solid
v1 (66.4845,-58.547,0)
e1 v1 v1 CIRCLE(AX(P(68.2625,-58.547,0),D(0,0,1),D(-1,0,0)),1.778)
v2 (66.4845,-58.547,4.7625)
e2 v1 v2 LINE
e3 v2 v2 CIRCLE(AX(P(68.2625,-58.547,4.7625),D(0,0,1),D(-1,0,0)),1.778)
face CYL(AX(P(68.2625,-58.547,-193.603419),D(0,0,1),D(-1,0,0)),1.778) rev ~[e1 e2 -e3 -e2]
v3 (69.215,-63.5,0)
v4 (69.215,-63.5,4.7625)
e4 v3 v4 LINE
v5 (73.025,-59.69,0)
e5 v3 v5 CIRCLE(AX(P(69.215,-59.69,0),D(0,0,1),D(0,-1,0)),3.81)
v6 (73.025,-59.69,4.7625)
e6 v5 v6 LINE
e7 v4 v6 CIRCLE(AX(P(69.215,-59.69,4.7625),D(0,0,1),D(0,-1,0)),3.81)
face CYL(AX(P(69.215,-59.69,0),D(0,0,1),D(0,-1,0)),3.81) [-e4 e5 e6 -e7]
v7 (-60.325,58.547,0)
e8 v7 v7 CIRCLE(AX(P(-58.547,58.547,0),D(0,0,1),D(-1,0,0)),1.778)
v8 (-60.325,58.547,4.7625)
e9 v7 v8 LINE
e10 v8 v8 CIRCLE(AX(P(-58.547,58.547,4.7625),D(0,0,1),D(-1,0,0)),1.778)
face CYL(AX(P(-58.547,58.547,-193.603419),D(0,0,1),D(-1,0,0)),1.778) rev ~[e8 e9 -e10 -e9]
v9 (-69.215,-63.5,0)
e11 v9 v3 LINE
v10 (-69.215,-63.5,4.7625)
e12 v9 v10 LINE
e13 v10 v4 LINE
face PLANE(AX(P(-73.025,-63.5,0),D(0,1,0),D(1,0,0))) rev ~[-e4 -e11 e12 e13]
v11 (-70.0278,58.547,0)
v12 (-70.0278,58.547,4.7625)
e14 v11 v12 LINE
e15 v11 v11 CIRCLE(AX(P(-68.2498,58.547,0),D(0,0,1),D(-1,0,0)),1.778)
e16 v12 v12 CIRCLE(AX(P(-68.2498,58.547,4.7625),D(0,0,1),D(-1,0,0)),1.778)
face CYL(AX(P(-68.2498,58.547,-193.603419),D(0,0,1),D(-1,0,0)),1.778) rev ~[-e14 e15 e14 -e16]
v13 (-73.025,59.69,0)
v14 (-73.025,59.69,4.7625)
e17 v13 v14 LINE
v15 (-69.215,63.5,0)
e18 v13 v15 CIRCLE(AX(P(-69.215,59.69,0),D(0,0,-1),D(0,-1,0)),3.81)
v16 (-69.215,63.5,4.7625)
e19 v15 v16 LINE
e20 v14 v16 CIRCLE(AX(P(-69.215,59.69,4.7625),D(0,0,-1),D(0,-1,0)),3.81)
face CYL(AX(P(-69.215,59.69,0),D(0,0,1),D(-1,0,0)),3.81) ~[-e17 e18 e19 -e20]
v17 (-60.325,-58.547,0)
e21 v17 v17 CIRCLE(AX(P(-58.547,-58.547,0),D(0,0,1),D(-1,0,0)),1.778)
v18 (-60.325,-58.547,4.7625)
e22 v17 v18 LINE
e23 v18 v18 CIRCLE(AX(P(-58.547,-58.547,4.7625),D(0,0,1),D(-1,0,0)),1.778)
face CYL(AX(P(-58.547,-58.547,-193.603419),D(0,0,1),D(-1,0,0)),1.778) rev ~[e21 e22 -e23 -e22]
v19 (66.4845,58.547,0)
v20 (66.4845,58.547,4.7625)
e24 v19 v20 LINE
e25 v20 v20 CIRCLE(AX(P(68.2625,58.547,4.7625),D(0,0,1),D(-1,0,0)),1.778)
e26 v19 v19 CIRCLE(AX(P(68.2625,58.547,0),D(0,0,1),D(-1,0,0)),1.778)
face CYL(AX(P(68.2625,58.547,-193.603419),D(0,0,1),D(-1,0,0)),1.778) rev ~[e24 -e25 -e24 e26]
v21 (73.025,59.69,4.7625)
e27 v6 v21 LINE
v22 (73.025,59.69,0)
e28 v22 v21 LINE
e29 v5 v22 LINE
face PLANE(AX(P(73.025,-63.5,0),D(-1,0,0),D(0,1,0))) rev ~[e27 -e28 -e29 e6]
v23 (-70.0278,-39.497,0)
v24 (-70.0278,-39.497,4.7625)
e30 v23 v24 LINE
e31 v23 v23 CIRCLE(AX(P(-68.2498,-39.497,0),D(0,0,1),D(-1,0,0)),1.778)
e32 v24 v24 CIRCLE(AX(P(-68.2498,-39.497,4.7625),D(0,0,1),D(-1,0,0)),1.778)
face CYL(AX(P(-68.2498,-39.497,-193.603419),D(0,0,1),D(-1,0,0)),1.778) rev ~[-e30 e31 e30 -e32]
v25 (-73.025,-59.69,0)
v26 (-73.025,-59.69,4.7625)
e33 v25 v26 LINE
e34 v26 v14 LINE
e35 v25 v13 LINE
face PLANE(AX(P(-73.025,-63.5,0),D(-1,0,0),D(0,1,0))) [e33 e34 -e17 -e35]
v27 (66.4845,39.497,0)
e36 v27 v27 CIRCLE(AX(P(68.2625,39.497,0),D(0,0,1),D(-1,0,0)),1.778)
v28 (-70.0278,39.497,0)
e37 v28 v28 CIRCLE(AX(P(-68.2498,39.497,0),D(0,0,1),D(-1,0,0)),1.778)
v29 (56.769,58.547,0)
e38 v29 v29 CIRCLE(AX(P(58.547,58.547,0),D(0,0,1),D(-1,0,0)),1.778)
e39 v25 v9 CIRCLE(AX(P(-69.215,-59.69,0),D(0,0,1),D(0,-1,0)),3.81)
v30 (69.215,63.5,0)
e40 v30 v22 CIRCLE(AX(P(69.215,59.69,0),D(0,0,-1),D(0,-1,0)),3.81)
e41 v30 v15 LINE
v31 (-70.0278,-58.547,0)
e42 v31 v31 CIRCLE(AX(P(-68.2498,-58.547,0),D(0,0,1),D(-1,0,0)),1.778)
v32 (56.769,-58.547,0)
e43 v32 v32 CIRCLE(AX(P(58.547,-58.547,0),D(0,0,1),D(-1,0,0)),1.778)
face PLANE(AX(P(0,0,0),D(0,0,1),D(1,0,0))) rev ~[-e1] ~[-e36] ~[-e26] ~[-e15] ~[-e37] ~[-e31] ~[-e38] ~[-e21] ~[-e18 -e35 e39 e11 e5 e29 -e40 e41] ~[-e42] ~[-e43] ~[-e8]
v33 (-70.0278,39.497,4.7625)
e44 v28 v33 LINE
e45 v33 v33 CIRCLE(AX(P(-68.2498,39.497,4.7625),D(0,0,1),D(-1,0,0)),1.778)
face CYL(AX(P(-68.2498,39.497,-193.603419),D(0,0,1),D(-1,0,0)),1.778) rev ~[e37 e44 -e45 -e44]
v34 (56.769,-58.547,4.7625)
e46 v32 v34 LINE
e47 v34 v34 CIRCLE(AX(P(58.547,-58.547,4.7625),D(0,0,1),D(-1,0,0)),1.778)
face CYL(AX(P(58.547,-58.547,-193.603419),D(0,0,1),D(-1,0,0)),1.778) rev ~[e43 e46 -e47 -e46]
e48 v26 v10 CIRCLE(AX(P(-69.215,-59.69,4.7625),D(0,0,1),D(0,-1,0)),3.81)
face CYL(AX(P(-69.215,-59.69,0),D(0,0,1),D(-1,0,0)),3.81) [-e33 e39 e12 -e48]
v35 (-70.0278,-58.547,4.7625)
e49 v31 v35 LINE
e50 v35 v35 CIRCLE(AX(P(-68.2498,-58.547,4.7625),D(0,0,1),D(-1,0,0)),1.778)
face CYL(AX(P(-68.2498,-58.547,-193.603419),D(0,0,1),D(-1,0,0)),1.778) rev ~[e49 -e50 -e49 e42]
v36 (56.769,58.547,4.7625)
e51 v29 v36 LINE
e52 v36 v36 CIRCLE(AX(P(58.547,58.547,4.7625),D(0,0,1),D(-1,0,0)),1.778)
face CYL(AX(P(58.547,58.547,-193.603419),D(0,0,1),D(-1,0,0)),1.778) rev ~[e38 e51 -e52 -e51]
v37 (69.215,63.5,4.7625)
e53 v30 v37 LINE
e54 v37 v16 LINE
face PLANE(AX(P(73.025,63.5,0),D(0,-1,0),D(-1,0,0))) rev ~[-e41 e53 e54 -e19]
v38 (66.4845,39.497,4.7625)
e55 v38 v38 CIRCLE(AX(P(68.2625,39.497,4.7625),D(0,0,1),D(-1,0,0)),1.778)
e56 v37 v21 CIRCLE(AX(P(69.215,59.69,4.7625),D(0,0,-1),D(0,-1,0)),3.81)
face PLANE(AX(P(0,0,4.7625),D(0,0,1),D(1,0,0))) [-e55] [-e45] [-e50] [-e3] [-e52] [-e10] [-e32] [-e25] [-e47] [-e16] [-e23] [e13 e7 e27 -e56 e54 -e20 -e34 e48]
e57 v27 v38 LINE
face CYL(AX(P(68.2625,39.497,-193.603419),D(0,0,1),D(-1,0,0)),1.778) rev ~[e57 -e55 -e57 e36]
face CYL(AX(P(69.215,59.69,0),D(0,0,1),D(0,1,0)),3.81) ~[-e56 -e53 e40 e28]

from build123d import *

# Parameters (mm, degrees)
F0_W     = 127
F0_H     = 127
F0_W_2   = 9.525
F1_DEPTH = 4.7625
F2_D     = 3.556
F3_R     = 3.81


with BuildPart() as f1:
    # F0 (on Top) → F1 (new body)
    with BuildSketch(Plane.XY):
        Rectangle(F0_W, F0_H)
        with Locations((-68.2625, 0)):
            Rectangle(F0_W_2, F0_H)
        with Locations((68.2625, 0)):
            Rectangle(F0_W_2, F0_H)
    extrude(amount=F1_DEPTH)

    # F2 (through all)
    with Locations(Plane(origin=(0, 0, 0), x_dir=(1, 0, 0), z_dir=(0, 0, -1))):
        with Locations((-68.2498, -58.547), (-58.547, -58.547), (-68.2498, -39.497), (-68.2498, 39.497), (-68.2498, 58.547), (-58.547, 58.547), (58.547, 58.547), (68.2625, 58.547), (68.2625, -58.547), (68.2625, -39.497), (58.547, -58.547)):
            Hole(F2_D / 2)

    # F3
    f3_edges = [f1.edges().sort_by_distance(p)[0] for p in [
        (-73.025, 63.5, 2.38125),
        (-73.025, -63.5, 2.38125),
        (73.025, -63.5, 2.38125),
        (73.025, 63.5, 2.38125),
    ]]
    fillet(f3_edges, radius=F3_R)


solid = f1.part
